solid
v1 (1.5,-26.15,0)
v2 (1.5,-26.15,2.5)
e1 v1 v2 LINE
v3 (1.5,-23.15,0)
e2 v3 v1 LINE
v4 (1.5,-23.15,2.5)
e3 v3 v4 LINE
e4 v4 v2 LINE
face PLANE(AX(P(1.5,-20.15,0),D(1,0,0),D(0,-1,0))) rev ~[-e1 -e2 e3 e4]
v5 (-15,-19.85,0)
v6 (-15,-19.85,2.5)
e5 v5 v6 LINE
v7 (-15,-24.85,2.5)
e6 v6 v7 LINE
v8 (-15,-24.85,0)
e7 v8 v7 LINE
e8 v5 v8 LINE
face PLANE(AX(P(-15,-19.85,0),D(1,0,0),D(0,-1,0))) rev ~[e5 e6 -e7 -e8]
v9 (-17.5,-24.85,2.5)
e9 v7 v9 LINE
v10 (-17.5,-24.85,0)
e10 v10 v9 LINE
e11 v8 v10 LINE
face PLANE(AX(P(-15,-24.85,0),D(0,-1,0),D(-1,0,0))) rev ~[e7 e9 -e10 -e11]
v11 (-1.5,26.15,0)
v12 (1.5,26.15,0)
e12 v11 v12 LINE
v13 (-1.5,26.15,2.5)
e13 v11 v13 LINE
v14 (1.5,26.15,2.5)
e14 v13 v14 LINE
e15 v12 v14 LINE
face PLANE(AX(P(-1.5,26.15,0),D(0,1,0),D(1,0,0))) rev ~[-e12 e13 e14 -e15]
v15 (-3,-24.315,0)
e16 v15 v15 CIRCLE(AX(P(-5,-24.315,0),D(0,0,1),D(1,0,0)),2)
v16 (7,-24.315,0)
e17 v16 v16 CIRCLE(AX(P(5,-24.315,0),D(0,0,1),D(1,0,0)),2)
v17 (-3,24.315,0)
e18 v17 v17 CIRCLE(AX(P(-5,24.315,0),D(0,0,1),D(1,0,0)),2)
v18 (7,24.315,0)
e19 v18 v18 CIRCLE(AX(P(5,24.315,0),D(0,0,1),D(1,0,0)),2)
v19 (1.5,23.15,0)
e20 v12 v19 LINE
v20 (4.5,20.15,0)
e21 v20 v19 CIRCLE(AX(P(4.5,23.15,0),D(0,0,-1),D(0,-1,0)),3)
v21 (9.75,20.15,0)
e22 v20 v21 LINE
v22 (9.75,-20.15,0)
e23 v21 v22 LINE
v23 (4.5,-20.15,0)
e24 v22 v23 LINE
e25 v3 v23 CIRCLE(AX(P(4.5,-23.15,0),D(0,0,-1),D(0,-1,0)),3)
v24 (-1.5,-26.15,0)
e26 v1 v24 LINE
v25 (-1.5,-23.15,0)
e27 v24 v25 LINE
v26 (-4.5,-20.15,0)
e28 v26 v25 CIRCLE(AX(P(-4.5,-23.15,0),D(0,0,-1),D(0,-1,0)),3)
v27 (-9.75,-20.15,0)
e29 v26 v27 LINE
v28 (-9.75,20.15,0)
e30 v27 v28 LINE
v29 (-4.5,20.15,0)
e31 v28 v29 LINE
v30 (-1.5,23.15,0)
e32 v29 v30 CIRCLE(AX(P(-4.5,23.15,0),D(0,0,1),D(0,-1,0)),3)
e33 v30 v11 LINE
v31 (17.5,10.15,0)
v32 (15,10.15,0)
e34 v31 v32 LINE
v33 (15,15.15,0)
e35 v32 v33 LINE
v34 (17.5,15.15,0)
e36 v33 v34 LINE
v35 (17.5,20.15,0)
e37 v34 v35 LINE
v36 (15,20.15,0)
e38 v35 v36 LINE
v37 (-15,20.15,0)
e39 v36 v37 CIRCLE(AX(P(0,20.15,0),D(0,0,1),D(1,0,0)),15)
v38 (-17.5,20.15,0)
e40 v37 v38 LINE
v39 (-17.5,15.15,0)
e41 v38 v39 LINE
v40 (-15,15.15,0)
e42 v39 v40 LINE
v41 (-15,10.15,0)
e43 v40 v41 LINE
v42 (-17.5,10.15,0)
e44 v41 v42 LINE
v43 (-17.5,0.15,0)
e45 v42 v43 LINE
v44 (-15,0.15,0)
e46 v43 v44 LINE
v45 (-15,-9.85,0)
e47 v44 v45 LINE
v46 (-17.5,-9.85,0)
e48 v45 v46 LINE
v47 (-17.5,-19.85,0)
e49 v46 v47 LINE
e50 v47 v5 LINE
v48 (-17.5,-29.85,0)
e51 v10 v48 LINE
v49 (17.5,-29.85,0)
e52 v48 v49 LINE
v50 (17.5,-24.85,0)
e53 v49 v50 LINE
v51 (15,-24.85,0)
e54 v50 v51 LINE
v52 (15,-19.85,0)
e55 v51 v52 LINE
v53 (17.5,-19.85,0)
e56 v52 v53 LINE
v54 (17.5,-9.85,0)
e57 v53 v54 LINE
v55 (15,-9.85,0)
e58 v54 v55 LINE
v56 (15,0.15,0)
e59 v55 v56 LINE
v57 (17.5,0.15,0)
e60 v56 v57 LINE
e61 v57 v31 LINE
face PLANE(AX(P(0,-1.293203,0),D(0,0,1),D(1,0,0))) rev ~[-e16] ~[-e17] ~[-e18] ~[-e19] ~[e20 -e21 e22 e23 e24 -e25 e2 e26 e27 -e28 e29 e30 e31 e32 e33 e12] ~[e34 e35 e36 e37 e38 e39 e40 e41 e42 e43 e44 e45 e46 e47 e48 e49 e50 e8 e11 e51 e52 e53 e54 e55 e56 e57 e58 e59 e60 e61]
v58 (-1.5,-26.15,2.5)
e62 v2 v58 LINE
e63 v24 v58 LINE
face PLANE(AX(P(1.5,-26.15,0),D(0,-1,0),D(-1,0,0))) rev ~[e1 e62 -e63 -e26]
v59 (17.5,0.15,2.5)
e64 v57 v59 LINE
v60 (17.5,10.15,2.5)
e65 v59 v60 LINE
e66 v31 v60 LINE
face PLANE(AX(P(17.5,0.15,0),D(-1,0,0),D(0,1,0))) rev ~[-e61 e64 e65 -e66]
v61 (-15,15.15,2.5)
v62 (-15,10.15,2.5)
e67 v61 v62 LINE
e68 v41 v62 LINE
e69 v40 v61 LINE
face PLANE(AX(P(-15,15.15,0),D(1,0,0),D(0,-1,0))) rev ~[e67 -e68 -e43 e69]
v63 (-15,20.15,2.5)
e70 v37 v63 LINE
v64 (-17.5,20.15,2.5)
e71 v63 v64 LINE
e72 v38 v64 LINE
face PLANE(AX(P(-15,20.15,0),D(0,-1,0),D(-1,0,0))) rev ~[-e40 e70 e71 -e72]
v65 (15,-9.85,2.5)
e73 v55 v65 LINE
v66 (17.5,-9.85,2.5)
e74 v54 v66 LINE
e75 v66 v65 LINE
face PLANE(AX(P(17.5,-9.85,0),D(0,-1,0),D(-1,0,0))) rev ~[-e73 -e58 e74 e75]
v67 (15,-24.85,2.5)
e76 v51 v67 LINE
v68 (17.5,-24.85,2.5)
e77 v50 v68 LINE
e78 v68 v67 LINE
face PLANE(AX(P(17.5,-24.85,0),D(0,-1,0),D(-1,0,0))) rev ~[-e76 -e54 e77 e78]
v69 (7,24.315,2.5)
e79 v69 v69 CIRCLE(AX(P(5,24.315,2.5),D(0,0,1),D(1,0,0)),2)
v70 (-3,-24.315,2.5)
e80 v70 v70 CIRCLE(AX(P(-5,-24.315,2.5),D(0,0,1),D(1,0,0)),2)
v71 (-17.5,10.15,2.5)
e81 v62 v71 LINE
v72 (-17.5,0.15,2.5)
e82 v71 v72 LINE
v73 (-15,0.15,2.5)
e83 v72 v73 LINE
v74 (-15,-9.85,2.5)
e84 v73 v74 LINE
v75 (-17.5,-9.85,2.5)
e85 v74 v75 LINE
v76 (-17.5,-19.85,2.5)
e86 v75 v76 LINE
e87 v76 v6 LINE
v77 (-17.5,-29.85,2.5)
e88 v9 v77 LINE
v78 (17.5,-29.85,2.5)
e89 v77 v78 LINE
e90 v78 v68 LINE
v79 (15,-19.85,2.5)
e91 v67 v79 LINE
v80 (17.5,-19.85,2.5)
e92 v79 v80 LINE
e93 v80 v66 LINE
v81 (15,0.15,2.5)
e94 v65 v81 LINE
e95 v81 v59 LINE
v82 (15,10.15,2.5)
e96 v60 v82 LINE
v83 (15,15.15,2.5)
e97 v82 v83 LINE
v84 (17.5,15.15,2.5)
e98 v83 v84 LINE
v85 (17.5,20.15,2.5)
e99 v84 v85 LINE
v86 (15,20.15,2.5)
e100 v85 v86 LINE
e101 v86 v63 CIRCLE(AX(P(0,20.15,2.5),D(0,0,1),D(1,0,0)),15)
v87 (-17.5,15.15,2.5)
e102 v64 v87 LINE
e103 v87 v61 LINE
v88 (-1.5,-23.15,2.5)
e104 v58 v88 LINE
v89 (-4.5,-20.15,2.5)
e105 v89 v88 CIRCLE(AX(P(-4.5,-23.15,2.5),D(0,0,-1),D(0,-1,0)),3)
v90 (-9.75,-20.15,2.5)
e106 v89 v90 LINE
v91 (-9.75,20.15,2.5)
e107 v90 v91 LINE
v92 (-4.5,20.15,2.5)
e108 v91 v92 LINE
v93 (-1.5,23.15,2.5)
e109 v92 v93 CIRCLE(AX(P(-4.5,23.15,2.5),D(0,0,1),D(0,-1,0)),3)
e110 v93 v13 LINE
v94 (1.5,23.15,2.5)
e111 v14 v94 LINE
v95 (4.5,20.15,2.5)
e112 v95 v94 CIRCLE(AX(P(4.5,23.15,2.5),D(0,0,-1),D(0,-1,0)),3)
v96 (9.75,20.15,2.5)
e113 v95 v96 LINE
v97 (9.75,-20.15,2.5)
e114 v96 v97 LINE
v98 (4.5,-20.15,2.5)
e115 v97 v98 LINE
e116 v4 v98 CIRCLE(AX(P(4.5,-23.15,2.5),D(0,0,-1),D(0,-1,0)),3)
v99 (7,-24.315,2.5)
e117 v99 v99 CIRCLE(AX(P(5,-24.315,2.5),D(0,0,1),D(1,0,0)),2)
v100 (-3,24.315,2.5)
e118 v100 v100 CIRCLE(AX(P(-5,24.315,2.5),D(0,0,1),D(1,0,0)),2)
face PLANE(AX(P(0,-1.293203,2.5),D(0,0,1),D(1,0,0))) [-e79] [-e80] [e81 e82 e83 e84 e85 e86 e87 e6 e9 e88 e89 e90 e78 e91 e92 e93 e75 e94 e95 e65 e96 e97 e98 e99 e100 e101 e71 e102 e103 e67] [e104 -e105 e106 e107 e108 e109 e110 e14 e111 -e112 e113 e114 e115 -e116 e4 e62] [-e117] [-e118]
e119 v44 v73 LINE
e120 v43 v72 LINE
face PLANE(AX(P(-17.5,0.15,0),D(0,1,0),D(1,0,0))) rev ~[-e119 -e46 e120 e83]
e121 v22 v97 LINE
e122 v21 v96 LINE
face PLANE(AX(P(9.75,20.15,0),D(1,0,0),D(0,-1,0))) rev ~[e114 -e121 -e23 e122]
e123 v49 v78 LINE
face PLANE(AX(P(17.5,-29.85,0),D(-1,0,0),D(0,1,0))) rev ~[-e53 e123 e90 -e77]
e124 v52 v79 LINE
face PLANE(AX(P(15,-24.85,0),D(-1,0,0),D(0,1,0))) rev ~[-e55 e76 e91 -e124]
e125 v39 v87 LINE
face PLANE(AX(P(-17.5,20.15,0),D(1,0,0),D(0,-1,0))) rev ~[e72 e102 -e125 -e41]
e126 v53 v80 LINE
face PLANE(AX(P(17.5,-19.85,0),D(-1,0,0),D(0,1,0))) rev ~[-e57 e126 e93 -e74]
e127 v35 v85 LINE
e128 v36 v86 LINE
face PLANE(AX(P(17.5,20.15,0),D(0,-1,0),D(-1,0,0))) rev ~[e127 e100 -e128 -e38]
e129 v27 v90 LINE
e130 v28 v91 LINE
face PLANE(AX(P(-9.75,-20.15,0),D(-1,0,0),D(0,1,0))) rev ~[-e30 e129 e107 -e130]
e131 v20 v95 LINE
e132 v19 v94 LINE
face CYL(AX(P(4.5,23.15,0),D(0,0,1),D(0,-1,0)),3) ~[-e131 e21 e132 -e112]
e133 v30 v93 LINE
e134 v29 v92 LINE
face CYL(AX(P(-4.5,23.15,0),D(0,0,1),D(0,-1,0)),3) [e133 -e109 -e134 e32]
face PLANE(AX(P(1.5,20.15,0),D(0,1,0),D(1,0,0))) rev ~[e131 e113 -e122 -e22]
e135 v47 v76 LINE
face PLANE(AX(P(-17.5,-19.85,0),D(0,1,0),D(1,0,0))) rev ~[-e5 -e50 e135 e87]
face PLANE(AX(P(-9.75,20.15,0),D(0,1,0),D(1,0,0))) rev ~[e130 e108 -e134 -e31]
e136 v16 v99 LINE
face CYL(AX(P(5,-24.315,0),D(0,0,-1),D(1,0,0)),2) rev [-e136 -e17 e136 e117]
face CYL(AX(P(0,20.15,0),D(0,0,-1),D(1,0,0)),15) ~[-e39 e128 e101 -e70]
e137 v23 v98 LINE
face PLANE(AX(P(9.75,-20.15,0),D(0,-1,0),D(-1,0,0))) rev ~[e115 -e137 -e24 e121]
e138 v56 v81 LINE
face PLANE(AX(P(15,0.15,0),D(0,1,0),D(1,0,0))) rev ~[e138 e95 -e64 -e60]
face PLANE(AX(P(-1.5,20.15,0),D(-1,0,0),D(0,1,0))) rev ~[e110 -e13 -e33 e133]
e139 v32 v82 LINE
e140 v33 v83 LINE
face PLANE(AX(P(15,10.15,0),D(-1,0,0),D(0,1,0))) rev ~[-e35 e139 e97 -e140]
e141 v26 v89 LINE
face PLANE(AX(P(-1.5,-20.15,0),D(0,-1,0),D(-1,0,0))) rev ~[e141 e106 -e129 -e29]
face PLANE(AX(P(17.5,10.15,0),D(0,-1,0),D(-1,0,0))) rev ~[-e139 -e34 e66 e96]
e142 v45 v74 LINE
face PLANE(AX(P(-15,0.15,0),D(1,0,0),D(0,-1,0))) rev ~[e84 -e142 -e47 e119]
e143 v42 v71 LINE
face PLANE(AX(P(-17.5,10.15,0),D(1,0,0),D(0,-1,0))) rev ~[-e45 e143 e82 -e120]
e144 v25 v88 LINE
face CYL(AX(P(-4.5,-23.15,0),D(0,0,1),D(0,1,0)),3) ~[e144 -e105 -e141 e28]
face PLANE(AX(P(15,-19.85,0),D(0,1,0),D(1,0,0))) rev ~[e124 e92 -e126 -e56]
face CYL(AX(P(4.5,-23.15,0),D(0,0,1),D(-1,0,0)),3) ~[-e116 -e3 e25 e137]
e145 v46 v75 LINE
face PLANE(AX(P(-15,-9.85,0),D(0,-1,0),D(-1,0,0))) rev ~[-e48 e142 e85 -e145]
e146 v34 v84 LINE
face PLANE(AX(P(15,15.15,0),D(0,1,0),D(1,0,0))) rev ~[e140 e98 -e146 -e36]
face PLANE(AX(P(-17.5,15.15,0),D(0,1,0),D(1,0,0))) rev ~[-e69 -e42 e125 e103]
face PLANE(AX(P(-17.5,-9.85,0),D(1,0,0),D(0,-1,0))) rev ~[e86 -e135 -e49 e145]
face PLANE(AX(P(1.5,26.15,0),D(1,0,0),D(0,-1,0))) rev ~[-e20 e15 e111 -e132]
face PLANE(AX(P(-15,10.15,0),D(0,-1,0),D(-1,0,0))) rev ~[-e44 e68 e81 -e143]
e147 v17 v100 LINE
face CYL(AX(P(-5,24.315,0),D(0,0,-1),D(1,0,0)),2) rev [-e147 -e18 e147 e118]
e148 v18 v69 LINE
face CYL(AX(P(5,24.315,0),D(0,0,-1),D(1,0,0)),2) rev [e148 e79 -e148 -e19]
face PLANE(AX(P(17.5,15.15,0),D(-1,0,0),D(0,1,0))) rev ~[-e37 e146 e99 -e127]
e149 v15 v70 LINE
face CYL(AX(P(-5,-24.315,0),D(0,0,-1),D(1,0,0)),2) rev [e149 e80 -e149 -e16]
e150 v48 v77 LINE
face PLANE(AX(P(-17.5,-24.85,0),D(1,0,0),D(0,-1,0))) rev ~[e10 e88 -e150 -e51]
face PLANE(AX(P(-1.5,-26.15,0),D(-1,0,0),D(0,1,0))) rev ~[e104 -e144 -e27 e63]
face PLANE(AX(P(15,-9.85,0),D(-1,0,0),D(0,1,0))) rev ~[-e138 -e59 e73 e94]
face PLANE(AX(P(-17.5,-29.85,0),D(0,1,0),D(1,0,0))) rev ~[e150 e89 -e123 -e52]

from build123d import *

# Parameters (mm, degrees)
CROQUIS1_R              = 2
SALIENTE_EXTRUIR1_DEPTH = 2.5
REDONDEO6_R             = 3
REDONDEO7_R             = 3
REDONDEO8_R             = 3


with BuildPart() as part:
    # Croquis1 → Saliente-Extruir1 (new body)
    with BuildSketch(Plane.XY):
        with BuildLine():
            Line((-15, 20.15), (-17.5, 20.15))
            Line((-17.5, 20.15), (-17.5, 15.15))
            Line((-17.5, 15.15), (-15, 15.15))
            Line((-15, 15.15), (-15, 10.15))
            Line((-15, 10.15), (-17.5, 10.15))
            Line((-17.5, 10.15), (-17.5, 0.15))
            Line((-17.5, 0.15), (-15, 0.15))
            Line((-15, 0.15), (-15, -9.85))
            Line((-15, -9.85), (-17.5, -9.85))
            Line((-17.5, -9.85), (-17.5, -19.85))
            Line((-17.5, -19.85), (-15, -19.85))
            Line((-15, -19.85), (-15, -24.85))
            Line((-15, -24.85), (-17.5, -24.85))
            Line((-17.5, -24.85), (-17.5, -29.85))
            Line((-17.5, -29.85), (-15, -29.85))
            Line((-15, -29.85), (15, -29.85))
            Line((15, -29.85), (17.5, -29.85))
            Line((17.5, -29.85), (17.5, -24.85))
            Line((17.5, -24.85), (15, -24.85))
            Line((15, -24.85), (15, -19.85))
            Line((15, -19.85), (17.5, -19.85))
            Line((17.5, -19.85), (17.5, -9.85))
            Line((17.5, -9.85), (15, -9.85))
            Line((15, -9.85), (15, 0.15))
            Line((15, 0.15), (17.5, 0.15))
            Line((17.5, 0.15), (17.5, 10.15))
            Line((17.5, 10.15), (15, 10.15))
            Line((15, 10.15), (15, 15.15))
            Line((15, 15.15), (17.5, 15.15))
            Line((17.5, 15.15), (17.5, 20.15))
            Line((17.5, 20.15), (15, 20.15))
            ThreePointArc((15, 20.15), (0, 35.15), (-15, 20.15))
        make_face()
        with Locations((-5, 24.315)):
            Circle(CROQUIS1_R, mode=Mode.SUBTRACT)
        with Locations((5, 24.315)):
            Circle(CROQUIS1_R, mode=Mode.SUBTRACT)
        with Locations((-5, -24.315)):
            Circle(CROQUIS1_R, mode=Mode.SUBTRACT)
        with Locations((5, -24.315)):
            Circle(CROQUIS1_R, mode=Mode.SUBTRACT)
        Polygon((-9.75, 20.15), (-1.5, 20.15), (-1.5, 26.15), (1.5, 26.15), (1.5, 20.15), (9.75, 20.15), (9.75, -20.15), (1.5, -20.15), (1.5, -26.15), (-1.5, -26.15), (-1.5, -20.15), (-9.75, -20.15), align=None, mode=Mode.SUBTRACT)
    extrude(amount=SALIENTE_EXTRUIR1_DEPTH)

    # Redondeo6
    redondeo6_edges = [part.edges().sort_by_distance(p)[0] for p in [
        (-1.5, -20.15, 1.25),
    ]]
    fillet(redondeo6_edges, radius=REDONDEO6_R)

    # Redondeo7
    redondeo7_edges = [part.edges().sort_by_distance(p)[0] for p in [
        (1.5, -20.15, 1.25),
    ]]
    fillet(redondeo7_edges, radius=REDONDEO7_R)

    # Redondeo8
    redondeo8_edges = [part.edges().sort_by_distance(p)[0] for p in [
        (1.5, 20.15, 1.25),
        (-1.5, 20.15, 1.25),
    ]]
    fillet(redondeo8_edges, radius=REDONDEO8_R)


solid = part.part
